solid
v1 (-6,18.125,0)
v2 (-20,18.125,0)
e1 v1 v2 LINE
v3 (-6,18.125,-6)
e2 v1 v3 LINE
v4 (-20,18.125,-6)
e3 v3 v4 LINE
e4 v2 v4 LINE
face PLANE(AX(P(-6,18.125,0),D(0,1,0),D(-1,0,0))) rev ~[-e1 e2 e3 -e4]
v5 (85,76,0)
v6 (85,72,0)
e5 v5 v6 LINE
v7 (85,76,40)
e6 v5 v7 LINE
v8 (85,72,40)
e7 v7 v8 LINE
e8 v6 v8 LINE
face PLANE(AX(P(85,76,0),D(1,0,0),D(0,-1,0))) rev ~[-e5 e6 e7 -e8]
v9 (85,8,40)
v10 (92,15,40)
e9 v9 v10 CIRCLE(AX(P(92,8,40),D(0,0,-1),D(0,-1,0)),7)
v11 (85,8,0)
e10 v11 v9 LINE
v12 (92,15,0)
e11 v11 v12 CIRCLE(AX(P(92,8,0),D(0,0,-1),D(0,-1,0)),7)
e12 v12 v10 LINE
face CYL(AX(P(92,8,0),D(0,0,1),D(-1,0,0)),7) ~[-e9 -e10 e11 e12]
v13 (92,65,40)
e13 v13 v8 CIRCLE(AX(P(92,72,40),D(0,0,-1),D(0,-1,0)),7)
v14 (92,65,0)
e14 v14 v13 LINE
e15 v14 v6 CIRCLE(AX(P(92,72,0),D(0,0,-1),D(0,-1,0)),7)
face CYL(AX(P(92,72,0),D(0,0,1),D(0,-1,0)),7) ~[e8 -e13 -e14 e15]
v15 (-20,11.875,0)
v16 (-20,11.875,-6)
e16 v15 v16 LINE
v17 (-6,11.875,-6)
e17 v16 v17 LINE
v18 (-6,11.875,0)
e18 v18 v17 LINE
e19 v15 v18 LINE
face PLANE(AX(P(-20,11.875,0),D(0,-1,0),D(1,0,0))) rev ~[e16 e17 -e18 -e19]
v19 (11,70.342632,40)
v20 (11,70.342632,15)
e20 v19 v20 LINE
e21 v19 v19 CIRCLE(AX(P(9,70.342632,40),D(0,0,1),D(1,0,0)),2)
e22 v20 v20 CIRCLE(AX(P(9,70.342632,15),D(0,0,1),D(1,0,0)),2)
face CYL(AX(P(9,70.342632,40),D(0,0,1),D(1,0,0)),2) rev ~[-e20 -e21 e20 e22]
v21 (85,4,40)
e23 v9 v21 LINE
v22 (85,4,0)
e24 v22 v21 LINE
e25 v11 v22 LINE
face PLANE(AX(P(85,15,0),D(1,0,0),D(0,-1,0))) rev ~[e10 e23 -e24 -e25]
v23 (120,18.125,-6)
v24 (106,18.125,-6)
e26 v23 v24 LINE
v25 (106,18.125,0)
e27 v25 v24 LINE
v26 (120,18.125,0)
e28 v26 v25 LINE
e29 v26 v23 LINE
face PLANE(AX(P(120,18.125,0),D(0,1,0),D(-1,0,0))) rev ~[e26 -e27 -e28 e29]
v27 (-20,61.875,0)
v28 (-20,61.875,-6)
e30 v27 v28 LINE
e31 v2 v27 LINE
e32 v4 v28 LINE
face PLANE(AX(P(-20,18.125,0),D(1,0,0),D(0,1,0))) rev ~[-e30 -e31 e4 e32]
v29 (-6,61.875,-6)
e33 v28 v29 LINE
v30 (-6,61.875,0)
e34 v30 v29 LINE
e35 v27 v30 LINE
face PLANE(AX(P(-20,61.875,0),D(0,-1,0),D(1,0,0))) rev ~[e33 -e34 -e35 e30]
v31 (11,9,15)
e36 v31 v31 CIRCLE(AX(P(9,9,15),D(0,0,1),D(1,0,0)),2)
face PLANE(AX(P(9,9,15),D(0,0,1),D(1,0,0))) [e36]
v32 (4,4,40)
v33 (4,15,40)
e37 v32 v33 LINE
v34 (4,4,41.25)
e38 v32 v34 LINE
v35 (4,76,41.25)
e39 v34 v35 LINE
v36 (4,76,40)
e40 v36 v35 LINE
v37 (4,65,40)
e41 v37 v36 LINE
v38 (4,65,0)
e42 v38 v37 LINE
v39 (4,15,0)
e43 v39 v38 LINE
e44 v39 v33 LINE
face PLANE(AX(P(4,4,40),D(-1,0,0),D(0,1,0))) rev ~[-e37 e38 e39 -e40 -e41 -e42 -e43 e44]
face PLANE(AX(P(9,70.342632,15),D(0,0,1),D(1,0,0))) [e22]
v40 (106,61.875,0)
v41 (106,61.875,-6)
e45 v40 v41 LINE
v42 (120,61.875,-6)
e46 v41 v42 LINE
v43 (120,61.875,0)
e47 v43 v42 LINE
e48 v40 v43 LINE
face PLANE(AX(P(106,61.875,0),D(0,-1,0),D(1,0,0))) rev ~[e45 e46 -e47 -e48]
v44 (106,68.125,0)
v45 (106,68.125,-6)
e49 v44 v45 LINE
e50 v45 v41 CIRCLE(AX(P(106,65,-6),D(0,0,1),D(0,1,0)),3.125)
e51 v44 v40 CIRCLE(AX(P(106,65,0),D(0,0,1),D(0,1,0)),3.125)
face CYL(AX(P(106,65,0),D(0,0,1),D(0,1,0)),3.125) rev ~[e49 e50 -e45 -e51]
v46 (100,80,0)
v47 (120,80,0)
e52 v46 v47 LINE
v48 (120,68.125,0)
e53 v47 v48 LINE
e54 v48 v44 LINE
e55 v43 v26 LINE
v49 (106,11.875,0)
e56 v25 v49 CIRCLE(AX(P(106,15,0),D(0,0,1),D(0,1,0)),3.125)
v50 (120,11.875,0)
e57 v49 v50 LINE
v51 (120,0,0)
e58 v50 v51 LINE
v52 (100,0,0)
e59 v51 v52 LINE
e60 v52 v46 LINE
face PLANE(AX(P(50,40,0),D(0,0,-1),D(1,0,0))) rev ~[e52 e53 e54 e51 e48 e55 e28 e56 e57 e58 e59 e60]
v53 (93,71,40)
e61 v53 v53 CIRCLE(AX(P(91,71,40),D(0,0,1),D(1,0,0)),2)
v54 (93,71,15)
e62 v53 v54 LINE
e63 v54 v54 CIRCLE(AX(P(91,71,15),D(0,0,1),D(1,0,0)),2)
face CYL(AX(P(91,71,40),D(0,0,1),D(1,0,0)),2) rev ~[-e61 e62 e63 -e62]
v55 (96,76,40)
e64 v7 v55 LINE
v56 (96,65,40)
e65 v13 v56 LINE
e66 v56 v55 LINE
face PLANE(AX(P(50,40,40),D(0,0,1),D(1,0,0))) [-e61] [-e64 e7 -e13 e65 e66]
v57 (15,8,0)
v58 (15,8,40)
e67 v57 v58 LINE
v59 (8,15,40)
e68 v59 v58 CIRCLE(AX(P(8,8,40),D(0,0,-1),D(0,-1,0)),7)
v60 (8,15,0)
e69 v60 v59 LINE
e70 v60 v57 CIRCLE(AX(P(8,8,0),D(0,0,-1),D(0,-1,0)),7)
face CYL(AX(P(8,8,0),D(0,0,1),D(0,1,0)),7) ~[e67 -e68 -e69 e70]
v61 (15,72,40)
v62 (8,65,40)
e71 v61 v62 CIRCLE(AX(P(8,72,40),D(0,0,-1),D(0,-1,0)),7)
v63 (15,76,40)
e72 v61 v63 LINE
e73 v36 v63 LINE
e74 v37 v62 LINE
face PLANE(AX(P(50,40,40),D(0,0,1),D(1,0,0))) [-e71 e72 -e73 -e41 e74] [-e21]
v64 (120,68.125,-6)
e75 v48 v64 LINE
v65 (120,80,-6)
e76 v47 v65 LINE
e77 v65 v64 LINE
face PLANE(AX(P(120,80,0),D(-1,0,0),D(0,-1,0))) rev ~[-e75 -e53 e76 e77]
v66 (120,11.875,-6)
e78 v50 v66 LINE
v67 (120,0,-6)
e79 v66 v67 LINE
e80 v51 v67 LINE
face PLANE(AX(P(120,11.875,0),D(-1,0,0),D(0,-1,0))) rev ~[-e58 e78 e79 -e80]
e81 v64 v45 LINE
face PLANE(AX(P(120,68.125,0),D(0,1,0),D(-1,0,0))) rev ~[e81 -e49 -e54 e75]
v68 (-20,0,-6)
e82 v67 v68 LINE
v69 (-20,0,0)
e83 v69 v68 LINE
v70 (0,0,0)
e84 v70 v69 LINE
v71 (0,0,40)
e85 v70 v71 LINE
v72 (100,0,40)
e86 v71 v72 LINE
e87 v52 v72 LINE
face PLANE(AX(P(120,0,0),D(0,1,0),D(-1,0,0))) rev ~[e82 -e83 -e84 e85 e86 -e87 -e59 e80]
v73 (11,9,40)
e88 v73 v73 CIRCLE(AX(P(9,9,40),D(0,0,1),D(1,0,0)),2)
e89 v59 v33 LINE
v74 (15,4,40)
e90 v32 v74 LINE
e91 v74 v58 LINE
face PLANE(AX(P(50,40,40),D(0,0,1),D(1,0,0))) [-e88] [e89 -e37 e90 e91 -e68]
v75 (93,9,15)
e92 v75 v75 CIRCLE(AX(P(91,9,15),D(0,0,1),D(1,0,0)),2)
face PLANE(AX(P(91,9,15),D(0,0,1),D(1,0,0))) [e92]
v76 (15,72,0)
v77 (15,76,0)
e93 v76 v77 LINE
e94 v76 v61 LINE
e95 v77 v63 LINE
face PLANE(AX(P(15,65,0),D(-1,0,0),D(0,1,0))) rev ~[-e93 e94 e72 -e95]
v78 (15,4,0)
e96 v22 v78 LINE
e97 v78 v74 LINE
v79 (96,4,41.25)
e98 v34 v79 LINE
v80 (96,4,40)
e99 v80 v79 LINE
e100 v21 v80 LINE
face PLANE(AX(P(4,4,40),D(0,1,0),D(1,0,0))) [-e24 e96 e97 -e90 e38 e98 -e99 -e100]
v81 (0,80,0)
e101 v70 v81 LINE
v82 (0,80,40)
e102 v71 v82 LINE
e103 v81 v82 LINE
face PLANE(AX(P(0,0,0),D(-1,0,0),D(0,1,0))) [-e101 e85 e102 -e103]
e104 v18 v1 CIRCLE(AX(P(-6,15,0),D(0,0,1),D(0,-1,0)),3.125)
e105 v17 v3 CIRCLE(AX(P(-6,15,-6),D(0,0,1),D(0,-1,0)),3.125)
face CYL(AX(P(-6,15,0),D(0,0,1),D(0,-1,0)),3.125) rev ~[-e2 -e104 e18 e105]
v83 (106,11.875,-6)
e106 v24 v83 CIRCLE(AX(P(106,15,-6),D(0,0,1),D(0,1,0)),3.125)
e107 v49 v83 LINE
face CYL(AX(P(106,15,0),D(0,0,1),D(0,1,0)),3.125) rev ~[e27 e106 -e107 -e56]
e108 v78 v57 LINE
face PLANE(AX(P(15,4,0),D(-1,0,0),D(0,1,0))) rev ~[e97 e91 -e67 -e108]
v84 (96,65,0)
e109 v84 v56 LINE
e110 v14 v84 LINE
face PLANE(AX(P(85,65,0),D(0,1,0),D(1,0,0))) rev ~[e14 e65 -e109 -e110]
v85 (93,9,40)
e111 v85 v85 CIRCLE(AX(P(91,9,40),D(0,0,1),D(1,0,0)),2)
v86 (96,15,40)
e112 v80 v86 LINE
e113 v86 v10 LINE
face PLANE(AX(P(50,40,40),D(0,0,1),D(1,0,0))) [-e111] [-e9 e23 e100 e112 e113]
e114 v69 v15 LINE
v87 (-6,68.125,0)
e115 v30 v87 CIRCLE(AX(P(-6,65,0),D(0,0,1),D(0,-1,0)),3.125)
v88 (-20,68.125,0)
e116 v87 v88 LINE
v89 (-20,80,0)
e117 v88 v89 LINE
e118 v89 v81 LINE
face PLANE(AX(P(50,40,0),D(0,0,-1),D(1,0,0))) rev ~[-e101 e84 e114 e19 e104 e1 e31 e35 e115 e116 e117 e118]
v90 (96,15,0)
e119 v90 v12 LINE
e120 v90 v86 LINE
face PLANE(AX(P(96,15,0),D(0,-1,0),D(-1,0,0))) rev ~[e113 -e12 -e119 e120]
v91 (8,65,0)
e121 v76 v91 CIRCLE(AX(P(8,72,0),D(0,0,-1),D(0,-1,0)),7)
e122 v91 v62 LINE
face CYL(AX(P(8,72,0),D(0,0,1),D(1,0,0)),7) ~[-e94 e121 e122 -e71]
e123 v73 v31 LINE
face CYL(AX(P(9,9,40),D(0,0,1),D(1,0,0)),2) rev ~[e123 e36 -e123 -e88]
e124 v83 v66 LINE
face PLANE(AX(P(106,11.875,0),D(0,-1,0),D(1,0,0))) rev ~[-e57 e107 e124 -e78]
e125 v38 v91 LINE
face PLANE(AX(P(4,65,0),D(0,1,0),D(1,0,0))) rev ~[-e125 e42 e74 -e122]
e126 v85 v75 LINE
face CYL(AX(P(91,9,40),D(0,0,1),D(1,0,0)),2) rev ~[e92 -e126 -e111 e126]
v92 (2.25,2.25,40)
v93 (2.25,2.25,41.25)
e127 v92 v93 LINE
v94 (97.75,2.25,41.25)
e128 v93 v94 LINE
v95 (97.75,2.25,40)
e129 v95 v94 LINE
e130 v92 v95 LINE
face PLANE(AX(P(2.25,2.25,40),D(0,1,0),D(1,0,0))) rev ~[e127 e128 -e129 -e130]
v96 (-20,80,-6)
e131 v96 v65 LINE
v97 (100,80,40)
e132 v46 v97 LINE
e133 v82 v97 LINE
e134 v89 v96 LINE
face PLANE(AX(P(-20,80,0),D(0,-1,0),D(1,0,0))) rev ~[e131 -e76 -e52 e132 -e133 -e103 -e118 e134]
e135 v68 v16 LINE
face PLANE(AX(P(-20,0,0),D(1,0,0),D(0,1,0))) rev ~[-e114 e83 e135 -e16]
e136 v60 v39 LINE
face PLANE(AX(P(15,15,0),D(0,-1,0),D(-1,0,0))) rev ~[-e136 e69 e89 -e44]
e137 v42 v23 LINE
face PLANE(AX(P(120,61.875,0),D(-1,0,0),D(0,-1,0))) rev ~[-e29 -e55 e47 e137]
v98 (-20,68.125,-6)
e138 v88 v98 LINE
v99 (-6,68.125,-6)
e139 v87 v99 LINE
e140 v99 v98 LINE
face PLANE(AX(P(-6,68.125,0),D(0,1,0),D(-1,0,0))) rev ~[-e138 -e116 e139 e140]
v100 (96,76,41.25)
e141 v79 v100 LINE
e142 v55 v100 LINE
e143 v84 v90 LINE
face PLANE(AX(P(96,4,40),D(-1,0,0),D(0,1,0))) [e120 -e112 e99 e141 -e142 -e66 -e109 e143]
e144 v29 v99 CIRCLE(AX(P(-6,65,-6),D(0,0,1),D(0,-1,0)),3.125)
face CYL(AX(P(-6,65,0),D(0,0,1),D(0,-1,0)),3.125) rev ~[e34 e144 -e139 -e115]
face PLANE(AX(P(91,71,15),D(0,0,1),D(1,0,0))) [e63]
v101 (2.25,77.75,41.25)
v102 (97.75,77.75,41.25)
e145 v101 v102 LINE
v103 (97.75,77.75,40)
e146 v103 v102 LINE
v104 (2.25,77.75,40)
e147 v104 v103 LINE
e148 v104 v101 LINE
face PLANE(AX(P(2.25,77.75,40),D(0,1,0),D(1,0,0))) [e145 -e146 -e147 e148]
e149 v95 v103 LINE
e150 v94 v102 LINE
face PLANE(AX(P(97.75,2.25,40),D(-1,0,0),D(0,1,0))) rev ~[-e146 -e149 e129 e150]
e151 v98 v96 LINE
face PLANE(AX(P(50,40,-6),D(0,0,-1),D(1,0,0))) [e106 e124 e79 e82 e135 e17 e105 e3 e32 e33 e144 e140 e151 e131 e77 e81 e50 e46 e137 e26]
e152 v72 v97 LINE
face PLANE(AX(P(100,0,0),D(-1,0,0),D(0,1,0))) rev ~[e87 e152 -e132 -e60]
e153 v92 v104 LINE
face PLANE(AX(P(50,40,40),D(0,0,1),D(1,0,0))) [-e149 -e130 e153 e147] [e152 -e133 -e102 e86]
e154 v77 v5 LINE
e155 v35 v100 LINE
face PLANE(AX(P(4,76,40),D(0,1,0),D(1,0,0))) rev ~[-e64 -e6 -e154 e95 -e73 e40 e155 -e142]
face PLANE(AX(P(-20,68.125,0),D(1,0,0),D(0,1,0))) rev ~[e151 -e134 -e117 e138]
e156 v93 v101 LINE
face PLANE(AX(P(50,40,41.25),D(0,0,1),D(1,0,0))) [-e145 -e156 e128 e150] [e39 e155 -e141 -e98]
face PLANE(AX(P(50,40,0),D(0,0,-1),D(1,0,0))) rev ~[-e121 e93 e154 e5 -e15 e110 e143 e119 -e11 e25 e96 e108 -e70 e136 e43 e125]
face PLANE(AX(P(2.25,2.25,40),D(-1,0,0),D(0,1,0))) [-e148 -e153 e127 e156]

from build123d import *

# Parameters (mm, degrees)
F0_W     = 100
F0_H     = 80
F1_DEPTH = 40
F3_DEPTH = 6
F4_R     = 7
F5_W     = 95.5
F5_H     = 75.5
F5_W_2   = 92
F5_H_2   = 72
F6_DEPTH = 1.25
F7_R     = 2
F8_DEPTH = 25


with BuildPart() as f1:
    # F0 (on Top) → F1 (new body)
    with BuildSketch(Plane.XY):
        with Locations((50, 40)):
            Rectangle(F0_W, F0_H)
        Polygon((85, 4), (15, 4), (15, 15), (4, 15), (4, 65), (15, 65), (15, 76), (85, 76), (85, 65), (96, 65), (96, 15), (85, 15), align=None, mode=Mode.SUBTRACT)
    extrude(amount=F1_DEPTH)

    # F2 (on face) → F3 (join)
    with BuildSketch(Plane(origin=(0, 0, 0), x_dir=(1, 0, 0), z_dir=(0, 0, -1))):
        with BuildLine():
            Line((120, 0), (-20, 0))
            Line((-20, 0), (-20, -11.875))
            Line((-20, -11.875), (-6, -11.875))
            ThreePointArc((-6, -11.875), (-2.875, -15), (-6, -18.125))
            Line((-6, -18.125), (-20, -18.125))
            Line((-20, -18.125), (-20, -61.875))
            Line((-20, -61.875), (-6, -61.875))
            ThreePointArc((-6, -61.875), (-2.875, -65), (-6, -68.125))
            Line((-6, -68.125), (-20, -68.125))
            Line((-20, -68.125), (-20, -80))
            Line((-20, -80), (120, -80))
            Line((120, -80), (120, -68.125))
            Line((120, -68.125), (106, -68.125))
            ThreePointArc((106, -68.125), (102.875, -65), (106, -61.875))
            Line((106, -61.875), (120, -61.875))
            Line((120, -61.875), (120, -18.125))
            Line((120, -18.125), (106, -18.125))
            ThreePointArc((106, -18.125), (102.875, -15), (106, -11.875))
            Line((106, -11.875), (120, -11.875))
            Line((120, -11.875), (120, 0))
        make_face()
    extrude(amount=F3_DEPTH)

    # F4
    f4_edges = [f1.edges().sort_by_distance(p)[0] for p in [
        (15, 65, 20),
        (15, 15, 20),
        (85, 65, 20),
        (85, 15, 20),
    ]]
    fillet(f4_edges, radius=F4_R)

    # F5 (on face) → F6 (join)
    with BuildSketch(Plane.XY.offset(40)):
        with Locations((50, 40)):
            Rectangle(F5_W, F5_H)
        with Locations((50, 40)):
            Rectangle(F5_W_2, F5_H_2, mode=Mode.SUBTRACT)
    extrude(amount=F6_DEPTH)

    # F7 (on face) → F8 (cut)
    with BuildSketch(Plane.XY.offset(40)):
        with Locations((9, 9)):
            Circle(F7_R)
        with Locations((9, 70.342632)):
            Circle(F7_R)
        with Locations((91, 71)):
            Circle(F7_R)
        with Locations((91, 9)):
            Circle(F7_R)
    extrude(amount=-F8_DEPTH, mode=Mode.SUBTRACT)


solid = f1.part
